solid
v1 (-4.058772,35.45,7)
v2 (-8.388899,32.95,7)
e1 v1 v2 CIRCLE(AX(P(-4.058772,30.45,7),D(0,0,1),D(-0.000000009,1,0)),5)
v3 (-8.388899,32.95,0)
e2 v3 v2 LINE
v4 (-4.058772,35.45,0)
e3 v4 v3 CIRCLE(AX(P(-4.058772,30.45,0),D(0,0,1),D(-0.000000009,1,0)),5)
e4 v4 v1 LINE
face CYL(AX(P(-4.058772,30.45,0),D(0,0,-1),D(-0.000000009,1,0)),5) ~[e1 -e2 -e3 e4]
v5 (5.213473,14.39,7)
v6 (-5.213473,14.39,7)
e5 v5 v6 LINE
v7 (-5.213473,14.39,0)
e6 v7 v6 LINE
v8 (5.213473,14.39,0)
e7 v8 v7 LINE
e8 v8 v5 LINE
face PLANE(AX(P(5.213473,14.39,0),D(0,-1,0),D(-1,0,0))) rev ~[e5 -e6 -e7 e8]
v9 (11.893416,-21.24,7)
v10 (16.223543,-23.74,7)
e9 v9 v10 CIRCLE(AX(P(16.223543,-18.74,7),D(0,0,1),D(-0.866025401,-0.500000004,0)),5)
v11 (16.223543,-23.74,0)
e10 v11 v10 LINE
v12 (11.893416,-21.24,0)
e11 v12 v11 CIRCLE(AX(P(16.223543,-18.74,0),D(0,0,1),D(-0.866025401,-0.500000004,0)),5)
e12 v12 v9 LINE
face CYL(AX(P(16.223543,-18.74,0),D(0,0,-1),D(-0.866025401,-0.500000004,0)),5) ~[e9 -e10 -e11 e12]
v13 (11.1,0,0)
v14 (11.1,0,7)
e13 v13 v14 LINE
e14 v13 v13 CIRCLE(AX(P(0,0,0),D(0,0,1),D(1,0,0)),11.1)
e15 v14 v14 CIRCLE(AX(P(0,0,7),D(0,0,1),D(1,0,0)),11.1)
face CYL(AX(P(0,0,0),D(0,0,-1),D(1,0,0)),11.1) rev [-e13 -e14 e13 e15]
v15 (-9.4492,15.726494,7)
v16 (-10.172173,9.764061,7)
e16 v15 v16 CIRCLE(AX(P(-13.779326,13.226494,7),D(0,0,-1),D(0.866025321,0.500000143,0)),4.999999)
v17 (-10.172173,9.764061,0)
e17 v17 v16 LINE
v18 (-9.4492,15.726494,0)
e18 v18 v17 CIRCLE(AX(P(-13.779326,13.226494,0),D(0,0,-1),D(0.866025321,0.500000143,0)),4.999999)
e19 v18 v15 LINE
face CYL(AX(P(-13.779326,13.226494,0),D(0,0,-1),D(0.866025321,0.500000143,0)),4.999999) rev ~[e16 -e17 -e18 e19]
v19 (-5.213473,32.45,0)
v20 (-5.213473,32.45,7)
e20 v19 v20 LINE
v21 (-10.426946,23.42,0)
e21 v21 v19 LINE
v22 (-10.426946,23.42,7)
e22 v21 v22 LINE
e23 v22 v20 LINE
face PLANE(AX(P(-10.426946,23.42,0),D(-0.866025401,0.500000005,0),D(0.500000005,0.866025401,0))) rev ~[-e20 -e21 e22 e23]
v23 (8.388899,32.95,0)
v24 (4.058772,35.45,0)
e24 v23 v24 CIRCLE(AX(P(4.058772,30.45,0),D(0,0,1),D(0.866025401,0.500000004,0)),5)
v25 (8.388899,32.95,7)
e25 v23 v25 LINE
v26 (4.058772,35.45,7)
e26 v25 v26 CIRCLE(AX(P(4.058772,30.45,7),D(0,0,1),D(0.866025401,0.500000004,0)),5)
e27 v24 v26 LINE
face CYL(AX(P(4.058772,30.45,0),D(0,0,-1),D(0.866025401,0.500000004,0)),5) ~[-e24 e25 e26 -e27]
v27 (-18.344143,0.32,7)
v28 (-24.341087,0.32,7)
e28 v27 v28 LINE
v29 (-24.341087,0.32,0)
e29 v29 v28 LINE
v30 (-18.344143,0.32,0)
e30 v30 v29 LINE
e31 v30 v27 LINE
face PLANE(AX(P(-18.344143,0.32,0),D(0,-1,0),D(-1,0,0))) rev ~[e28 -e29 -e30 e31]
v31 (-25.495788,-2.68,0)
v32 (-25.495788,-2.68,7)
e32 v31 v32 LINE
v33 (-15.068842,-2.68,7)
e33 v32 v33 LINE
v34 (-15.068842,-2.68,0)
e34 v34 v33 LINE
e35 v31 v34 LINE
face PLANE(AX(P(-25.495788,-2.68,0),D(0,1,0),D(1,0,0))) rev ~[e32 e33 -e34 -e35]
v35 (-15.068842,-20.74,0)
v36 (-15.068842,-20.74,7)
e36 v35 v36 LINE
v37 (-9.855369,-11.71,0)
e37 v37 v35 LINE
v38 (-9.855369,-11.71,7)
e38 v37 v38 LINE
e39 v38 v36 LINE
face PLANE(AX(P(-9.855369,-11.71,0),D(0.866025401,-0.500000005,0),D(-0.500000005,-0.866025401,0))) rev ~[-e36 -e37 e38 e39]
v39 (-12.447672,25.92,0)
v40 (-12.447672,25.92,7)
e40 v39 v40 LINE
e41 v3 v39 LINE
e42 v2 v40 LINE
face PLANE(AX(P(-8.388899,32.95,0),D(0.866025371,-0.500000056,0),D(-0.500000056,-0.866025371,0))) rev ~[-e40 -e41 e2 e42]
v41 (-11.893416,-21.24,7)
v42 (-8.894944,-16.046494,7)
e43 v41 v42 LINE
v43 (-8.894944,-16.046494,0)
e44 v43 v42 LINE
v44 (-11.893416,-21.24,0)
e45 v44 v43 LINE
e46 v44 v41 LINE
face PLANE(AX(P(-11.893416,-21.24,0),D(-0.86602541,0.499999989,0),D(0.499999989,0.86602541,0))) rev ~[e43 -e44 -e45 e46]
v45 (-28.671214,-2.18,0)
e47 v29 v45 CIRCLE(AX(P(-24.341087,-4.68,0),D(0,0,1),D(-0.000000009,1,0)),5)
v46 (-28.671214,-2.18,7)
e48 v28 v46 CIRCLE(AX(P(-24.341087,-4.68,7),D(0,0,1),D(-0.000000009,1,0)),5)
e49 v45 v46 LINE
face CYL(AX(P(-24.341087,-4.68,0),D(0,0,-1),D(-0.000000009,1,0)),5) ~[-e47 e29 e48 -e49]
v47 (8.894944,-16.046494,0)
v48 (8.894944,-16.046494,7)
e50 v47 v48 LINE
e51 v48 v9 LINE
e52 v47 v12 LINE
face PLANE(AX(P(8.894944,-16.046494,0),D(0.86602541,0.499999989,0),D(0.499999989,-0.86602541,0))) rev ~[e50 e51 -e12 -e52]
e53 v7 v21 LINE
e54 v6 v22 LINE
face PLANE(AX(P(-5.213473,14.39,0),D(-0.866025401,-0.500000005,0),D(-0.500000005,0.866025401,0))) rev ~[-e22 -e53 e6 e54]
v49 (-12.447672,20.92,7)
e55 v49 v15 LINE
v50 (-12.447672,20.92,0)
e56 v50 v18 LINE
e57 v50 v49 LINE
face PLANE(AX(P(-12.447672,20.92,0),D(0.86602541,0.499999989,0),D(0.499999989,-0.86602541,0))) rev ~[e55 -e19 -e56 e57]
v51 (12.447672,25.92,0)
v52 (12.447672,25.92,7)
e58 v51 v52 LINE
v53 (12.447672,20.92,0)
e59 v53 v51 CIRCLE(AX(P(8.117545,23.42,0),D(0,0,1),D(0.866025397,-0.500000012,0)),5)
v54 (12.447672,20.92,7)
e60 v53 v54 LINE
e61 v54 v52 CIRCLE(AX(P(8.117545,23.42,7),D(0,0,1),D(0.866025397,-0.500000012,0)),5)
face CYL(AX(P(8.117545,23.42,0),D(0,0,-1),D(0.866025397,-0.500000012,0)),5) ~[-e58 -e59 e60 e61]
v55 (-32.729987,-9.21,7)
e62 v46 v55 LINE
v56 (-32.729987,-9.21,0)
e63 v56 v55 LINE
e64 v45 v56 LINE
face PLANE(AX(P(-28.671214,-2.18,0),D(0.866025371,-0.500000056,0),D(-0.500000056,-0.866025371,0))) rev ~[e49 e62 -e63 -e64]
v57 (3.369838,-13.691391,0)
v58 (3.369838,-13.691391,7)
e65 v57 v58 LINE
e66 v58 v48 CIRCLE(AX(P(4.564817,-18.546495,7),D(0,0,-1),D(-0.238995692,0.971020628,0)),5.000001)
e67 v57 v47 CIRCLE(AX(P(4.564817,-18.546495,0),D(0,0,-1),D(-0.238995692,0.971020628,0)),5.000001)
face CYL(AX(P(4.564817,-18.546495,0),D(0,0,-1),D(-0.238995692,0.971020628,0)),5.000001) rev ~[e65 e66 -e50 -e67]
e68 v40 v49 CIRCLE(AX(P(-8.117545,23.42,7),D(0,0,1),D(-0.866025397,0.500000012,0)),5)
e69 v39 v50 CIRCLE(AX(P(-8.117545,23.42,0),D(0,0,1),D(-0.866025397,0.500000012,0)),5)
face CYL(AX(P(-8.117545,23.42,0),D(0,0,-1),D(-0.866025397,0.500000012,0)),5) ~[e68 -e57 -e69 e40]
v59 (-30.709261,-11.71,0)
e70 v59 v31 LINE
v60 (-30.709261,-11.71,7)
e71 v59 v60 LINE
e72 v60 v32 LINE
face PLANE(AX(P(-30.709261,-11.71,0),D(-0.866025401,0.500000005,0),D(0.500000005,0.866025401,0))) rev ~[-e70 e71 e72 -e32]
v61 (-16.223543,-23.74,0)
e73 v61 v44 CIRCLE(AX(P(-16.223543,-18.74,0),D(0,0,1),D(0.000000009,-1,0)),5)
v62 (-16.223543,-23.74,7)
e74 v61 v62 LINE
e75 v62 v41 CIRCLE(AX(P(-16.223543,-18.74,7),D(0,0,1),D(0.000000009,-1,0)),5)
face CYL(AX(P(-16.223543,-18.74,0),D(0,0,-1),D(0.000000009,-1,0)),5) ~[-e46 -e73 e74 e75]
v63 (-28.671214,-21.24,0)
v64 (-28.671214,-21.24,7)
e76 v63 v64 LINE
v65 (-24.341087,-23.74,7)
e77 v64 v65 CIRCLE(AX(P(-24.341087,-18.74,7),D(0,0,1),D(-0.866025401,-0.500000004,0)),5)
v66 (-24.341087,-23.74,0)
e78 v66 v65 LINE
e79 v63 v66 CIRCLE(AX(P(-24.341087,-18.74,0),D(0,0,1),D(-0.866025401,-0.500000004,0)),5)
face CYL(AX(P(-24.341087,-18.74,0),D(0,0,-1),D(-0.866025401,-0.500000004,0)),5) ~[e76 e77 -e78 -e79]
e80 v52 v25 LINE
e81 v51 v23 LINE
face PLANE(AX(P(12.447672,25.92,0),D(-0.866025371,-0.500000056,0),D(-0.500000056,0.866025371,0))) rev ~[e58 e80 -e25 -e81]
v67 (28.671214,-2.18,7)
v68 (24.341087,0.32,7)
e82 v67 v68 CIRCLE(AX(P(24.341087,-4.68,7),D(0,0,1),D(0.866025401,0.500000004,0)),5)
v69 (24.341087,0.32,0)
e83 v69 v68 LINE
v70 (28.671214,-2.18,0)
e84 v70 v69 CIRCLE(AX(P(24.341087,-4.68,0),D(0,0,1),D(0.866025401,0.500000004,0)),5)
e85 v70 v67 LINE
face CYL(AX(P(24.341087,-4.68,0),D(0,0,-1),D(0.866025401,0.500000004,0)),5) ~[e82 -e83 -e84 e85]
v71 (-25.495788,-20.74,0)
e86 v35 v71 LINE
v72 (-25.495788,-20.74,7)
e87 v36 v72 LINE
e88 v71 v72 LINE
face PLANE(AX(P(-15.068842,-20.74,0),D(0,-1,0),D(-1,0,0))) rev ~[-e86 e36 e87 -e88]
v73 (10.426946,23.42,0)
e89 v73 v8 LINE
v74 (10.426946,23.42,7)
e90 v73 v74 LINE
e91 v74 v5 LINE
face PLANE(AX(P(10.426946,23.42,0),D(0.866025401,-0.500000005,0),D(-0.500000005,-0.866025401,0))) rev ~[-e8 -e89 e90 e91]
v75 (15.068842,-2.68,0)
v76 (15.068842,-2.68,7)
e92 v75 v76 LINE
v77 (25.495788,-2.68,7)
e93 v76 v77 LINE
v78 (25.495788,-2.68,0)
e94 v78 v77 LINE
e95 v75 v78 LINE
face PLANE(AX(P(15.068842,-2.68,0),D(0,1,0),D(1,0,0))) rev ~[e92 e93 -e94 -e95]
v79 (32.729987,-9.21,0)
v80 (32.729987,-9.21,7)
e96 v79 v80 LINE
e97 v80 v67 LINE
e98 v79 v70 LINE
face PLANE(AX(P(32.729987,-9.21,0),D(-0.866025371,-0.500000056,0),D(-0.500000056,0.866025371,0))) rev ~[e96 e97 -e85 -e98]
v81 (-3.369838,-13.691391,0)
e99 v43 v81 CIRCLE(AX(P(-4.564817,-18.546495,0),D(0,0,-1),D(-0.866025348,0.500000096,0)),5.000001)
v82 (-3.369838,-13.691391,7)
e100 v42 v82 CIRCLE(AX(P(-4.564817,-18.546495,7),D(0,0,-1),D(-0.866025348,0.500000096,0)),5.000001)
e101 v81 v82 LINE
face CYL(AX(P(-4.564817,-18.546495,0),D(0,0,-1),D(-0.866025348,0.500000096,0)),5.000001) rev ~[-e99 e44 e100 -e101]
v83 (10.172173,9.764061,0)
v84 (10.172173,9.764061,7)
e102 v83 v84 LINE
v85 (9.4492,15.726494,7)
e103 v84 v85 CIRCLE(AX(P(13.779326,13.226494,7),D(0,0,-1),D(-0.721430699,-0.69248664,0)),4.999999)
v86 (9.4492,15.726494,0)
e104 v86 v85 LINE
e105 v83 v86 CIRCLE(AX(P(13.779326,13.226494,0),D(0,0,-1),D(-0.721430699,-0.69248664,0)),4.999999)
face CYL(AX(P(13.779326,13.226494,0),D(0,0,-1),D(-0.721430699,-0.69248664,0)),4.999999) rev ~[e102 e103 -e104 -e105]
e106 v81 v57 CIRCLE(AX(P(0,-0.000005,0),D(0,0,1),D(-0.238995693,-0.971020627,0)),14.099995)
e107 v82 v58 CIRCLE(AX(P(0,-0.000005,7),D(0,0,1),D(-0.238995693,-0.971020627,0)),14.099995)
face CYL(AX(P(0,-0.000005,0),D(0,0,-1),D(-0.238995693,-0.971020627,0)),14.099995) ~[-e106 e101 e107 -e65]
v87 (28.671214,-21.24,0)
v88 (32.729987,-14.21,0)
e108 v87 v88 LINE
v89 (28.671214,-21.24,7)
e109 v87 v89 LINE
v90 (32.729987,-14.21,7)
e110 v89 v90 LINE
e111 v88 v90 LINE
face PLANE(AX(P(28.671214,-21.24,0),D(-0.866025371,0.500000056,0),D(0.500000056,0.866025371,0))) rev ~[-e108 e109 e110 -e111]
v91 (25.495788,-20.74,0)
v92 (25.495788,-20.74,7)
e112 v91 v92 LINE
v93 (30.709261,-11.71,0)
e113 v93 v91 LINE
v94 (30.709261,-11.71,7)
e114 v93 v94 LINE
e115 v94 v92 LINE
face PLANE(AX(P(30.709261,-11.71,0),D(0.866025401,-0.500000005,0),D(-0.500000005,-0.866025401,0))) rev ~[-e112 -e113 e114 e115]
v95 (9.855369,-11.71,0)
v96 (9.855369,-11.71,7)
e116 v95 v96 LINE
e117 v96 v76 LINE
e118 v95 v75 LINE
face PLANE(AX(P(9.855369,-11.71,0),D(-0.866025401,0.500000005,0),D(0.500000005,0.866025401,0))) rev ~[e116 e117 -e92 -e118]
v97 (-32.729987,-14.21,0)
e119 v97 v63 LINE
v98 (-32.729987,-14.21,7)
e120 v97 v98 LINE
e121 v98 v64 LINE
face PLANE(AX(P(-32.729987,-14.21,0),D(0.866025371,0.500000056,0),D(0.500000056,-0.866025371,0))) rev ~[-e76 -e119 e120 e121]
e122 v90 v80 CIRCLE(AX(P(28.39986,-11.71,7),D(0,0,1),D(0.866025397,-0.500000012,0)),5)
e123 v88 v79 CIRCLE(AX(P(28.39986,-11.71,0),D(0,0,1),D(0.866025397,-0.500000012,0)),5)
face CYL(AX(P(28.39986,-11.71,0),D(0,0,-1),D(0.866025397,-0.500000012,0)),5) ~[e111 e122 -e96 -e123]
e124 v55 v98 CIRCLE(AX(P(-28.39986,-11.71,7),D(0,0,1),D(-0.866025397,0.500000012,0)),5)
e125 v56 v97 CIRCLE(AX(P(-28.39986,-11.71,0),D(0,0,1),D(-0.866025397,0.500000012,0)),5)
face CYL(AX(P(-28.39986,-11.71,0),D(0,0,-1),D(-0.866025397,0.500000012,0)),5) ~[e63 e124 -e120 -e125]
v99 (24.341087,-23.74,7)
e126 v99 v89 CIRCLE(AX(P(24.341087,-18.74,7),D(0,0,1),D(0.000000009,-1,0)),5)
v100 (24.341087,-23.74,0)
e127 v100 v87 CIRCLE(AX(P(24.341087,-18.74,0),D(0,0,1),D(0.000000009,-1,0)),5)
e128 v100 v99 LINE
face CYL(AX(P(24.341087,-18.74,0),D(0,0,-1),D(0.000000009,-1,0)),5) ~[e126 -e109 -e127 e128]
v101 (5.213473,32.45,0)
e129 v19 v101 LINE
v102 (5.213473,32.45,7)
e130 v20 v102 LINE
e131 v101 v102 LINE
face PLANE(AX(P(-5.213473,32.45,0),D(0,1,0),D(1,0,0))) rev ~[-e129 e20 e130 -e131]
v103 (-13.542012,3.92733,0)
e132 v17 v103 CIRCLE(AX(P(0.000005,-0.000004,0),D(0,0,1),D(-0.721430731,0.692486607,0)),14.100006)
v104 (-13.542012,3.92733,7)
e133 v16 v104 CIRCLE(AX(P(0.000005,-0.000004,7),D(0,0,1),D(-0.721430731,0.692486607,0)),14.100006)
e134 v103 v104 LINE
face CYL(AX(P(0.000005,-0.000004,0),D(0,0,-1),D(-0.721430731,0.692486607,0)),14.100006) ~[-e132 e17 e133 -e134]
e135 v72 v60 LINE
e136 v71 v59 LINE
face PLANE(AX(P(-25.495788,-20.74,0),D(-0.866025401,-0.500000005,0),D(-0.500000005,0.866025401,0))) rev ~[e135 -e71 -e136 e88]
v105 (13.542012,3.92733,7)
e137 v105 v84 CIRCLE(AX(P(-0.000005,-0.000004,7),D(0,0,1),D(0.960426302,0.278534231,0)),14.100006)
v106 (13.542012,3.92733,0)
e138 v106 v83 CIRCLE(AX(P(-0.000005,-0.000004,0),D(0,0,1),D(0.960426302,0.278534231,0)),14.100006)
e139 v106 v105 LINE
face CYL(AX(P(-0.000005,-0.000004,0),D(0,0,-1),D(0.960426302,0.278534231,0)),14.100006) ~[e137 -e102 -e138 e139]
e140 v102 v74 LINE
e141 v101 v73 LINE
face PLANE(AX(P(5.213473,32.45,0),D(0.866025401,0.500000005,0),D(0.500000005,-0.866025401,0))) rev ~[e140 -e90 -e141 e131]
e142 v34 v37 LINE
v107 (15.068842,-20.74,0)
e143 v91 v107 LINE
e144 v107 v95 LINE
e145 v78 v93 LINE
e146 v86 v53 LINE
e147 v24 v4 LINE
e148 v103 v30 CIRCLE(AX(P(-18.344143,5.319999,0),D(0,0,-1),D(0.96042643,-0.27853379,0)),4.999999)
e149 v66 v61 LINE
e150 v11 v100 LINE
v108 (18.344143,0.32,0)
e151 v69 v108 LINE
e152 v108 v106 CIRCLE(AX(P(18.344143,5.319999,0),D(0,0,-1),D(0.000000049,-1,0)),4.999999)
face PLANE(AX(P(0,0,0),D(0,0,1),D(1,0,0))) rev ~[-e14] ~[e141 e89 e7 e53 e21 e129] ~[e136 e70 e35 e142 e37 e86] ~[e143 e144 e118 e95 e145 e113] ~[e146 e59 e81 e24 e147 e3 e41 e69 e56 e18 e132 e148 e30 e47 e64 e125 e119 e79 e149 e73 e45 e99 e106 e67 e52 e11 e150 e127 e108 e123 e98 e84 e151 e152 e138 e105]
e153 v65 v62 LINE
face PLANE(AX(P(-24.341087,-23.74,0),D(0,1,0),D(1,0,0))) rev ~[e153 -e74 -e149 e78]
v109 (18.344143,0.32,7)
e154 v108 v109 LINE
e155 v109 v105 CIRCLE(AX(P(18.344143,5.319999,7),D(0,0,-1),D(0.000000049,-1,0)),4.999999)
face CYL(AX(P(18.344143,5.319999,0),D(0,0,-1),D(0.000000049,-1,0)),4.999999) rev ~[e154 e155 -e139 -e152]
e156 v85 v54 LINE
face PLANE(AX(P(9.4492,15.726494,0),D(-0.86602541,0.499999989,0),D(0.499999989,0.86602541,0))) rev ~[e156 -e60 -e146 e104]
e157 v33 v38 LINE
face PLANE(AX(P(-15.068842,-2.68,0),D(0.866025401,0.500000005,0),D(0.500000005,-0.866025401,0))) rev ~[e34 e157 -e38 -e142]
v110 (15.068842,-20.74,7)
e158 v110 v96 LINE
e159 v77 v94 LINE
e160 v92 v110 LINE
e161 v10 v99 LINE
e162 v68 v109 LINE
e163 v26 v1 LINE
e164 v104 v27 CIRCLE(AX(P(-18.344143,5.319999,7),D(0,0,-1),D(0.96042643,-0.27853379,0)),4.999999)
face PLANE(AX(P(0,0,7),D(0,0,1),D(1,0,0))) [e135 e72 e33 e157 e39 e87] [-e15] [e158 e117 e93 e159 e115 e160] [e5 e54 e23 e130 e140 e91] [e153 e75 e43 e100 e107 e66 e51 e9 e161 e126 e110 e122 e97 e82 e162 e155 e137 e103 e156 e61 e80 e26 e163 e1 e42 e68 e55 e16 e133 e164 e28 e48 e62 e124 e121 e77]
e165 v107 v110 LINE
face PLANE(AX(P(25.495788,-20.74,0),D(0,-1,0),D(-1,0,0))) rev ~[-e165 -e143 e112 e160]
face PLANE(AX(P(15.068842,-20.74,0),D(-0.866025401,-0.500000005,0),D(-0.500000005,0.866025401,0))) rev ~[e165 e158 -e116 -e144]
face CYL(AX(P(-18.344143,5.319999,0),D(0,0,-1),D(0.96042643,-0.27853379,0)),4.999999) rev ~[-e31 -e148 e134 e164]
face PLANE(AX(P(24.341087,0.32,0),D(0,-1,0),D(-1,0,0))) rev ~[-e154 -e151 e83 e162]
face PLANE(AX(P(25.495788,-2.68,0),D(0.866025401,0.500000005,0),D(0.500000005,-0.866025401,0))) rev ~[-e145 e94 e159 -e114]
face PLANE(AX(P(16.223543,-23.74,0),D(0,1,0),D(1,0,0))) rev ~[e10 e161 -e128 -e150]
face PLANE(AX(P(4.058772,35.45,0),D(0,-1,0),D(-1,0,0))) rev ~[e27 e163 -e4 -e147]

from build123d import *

# Parameters (mm, degrees)
F0_R     = 11.1
F1_DEPTH = 7


with BuildPart() as f1:
    # F0 (on Top) → F1 (new body)
    with BuildSketch(Plane.XY):
        with BuildLine():
            Line((4.058772, 35.45), (-4.058772, 35.45))
            ThreePointArc((-4.058772, 35.45), (-6.558772, 34.780127), (-8.388899, 32.95))
            Line((-8.388899, 32.95), (-12.447672, 25.92))
            ThreePointArc((-12.447672, 25.92), (-13.117545, 23.42), (-12.447672, 20.92))
            Line((-12.447672, 20.92), (-9.4492, 15.726494))
            ThreePointArc((-9.4492, 15.726494), (-8.815683, 12.624629), (-10.172173, 9.764061))
            ThreePointArc((-10.172173, 9.764061), (-12.210958, 7.05), (-13.542012, 3.92733))
            ThreePointArc((-13.542012, 3.92733), (-15.341091, 1.322291), (-18.344143, 0.32))
            Line((-18.344143, 0.32), (-24.341087, 0.32))
            ThreePointArc((-24.341087, 0.32), (-26.841087, -0.349873), (-28.671214, -2.18))
            Line((-28.671214, -2.18), (-32.729987, -9.21))
            ThreePointArc((-32.729987, -9.21), (-33.39986, -11.71), (-32.729987, -14.21))
            Line((-32.729987, -14.21), (-28.671214, -21.24))
            ThreePointArc((-28.671214, -21.24), (-26.841087, -23.070127), (-24.341087, -23.74))
            Line((-24.341087, -23.74), (-16.223543, -23.74))
            ThreePointArc((-16.223543, -23.74), (-13.723543, -23.070127), (-11.893416, -21.24))
            Line((-11.893416, -21.24), (-8.894944, -16.046494))
            ThreePointArc((-8.894944, -16.046494), (-6.525408, -13.94692), (-3.369838, -13.691391))
            ThreePointArc((-3.369838, -13.691391), (0, -14.1), (3.369838, -13.691391))
            ThreePointArc((3.369838, -13.691391), (6.525408, -13.94692), (8.894944, -16.046494))
            Line((8.894944, -16.046494), (11.893416, -21.24))
            ThreePointArc((11.893416, -21.24), (13.723543, -23.070127), (16.223543, -23.74))
            Line((16.223543, -23.74), (24.341087, -23.74))
            ThreePointArc((24.341087, -23.74), (26.841087, -23.070127), (28.671214, -21.24))
            Line((28.671214, -21.24), (32.729987, -14.21))
            ThreePointArc((32.729987, -14.21), (33.39986, -11.71), (32.729987, -9.21))
            Line((32.729987, -9.21), (28.671214, -2.18))
            ThreePointArc((28.671214, -2.18), (26.841087, -0.349873), (24.341087, 0.32))
            Line((24.341087, 0.32), (18.344143, 0.32))
            ThreePointArc((18.344143, 0.32), (15.341091, 1.322291), (13.542012, 3.92733))
            ThreePointArc((13.542012, 3.92733), (12.210958, 7.05), (10.172173, 9.764061))
            ThreePointArc((10.172173, 9.764061), (8.815683, 12.624629), (9.4492, 15.726494))
            Line((9.4492, 15.726494), (12.447672, 20.92))
            ThreePointArc((12.447672, 20.92), (13.117545, 23.42), (12.447672, 25.92))
            Line((12.447672, 25.92), (8.388899, 32.95))
            ThreePointArc((8.388899, 32.95), (6.558772, 34.780127), (4.058772, 35.45))
        make_face()
        Polygon((-30.709261, -11.71), (-25.495788, -2.68), (-15.068842, -2.68), (-9.855369, -11.71), (-15.068842, -20.74), (-25.495788, -20.74), align=None, mode=Mode.SUBTRACT)
        Polygon((25.495788, -20.74), (15.068842, -20.74), (9.855369, -11.71), (15.068842, -2.68), (25.495788, -2.68), (30.709261, -11.71), align=None, mode=Mode.SUBTRACT)
        Circle(F0_R, mode=Mode.SUBTRACT)
        Polygon((-10.426946, 23.42), (-5.213473, 32.45), (5.213473, 32.45), (10.426946, 23.42), (5.213473, 14.39), (-5.213473, 14.39), align=None, mode=Mode.SUBTRACT)
    extrude(amount=F1_DEPTH)


solid = f1.part
